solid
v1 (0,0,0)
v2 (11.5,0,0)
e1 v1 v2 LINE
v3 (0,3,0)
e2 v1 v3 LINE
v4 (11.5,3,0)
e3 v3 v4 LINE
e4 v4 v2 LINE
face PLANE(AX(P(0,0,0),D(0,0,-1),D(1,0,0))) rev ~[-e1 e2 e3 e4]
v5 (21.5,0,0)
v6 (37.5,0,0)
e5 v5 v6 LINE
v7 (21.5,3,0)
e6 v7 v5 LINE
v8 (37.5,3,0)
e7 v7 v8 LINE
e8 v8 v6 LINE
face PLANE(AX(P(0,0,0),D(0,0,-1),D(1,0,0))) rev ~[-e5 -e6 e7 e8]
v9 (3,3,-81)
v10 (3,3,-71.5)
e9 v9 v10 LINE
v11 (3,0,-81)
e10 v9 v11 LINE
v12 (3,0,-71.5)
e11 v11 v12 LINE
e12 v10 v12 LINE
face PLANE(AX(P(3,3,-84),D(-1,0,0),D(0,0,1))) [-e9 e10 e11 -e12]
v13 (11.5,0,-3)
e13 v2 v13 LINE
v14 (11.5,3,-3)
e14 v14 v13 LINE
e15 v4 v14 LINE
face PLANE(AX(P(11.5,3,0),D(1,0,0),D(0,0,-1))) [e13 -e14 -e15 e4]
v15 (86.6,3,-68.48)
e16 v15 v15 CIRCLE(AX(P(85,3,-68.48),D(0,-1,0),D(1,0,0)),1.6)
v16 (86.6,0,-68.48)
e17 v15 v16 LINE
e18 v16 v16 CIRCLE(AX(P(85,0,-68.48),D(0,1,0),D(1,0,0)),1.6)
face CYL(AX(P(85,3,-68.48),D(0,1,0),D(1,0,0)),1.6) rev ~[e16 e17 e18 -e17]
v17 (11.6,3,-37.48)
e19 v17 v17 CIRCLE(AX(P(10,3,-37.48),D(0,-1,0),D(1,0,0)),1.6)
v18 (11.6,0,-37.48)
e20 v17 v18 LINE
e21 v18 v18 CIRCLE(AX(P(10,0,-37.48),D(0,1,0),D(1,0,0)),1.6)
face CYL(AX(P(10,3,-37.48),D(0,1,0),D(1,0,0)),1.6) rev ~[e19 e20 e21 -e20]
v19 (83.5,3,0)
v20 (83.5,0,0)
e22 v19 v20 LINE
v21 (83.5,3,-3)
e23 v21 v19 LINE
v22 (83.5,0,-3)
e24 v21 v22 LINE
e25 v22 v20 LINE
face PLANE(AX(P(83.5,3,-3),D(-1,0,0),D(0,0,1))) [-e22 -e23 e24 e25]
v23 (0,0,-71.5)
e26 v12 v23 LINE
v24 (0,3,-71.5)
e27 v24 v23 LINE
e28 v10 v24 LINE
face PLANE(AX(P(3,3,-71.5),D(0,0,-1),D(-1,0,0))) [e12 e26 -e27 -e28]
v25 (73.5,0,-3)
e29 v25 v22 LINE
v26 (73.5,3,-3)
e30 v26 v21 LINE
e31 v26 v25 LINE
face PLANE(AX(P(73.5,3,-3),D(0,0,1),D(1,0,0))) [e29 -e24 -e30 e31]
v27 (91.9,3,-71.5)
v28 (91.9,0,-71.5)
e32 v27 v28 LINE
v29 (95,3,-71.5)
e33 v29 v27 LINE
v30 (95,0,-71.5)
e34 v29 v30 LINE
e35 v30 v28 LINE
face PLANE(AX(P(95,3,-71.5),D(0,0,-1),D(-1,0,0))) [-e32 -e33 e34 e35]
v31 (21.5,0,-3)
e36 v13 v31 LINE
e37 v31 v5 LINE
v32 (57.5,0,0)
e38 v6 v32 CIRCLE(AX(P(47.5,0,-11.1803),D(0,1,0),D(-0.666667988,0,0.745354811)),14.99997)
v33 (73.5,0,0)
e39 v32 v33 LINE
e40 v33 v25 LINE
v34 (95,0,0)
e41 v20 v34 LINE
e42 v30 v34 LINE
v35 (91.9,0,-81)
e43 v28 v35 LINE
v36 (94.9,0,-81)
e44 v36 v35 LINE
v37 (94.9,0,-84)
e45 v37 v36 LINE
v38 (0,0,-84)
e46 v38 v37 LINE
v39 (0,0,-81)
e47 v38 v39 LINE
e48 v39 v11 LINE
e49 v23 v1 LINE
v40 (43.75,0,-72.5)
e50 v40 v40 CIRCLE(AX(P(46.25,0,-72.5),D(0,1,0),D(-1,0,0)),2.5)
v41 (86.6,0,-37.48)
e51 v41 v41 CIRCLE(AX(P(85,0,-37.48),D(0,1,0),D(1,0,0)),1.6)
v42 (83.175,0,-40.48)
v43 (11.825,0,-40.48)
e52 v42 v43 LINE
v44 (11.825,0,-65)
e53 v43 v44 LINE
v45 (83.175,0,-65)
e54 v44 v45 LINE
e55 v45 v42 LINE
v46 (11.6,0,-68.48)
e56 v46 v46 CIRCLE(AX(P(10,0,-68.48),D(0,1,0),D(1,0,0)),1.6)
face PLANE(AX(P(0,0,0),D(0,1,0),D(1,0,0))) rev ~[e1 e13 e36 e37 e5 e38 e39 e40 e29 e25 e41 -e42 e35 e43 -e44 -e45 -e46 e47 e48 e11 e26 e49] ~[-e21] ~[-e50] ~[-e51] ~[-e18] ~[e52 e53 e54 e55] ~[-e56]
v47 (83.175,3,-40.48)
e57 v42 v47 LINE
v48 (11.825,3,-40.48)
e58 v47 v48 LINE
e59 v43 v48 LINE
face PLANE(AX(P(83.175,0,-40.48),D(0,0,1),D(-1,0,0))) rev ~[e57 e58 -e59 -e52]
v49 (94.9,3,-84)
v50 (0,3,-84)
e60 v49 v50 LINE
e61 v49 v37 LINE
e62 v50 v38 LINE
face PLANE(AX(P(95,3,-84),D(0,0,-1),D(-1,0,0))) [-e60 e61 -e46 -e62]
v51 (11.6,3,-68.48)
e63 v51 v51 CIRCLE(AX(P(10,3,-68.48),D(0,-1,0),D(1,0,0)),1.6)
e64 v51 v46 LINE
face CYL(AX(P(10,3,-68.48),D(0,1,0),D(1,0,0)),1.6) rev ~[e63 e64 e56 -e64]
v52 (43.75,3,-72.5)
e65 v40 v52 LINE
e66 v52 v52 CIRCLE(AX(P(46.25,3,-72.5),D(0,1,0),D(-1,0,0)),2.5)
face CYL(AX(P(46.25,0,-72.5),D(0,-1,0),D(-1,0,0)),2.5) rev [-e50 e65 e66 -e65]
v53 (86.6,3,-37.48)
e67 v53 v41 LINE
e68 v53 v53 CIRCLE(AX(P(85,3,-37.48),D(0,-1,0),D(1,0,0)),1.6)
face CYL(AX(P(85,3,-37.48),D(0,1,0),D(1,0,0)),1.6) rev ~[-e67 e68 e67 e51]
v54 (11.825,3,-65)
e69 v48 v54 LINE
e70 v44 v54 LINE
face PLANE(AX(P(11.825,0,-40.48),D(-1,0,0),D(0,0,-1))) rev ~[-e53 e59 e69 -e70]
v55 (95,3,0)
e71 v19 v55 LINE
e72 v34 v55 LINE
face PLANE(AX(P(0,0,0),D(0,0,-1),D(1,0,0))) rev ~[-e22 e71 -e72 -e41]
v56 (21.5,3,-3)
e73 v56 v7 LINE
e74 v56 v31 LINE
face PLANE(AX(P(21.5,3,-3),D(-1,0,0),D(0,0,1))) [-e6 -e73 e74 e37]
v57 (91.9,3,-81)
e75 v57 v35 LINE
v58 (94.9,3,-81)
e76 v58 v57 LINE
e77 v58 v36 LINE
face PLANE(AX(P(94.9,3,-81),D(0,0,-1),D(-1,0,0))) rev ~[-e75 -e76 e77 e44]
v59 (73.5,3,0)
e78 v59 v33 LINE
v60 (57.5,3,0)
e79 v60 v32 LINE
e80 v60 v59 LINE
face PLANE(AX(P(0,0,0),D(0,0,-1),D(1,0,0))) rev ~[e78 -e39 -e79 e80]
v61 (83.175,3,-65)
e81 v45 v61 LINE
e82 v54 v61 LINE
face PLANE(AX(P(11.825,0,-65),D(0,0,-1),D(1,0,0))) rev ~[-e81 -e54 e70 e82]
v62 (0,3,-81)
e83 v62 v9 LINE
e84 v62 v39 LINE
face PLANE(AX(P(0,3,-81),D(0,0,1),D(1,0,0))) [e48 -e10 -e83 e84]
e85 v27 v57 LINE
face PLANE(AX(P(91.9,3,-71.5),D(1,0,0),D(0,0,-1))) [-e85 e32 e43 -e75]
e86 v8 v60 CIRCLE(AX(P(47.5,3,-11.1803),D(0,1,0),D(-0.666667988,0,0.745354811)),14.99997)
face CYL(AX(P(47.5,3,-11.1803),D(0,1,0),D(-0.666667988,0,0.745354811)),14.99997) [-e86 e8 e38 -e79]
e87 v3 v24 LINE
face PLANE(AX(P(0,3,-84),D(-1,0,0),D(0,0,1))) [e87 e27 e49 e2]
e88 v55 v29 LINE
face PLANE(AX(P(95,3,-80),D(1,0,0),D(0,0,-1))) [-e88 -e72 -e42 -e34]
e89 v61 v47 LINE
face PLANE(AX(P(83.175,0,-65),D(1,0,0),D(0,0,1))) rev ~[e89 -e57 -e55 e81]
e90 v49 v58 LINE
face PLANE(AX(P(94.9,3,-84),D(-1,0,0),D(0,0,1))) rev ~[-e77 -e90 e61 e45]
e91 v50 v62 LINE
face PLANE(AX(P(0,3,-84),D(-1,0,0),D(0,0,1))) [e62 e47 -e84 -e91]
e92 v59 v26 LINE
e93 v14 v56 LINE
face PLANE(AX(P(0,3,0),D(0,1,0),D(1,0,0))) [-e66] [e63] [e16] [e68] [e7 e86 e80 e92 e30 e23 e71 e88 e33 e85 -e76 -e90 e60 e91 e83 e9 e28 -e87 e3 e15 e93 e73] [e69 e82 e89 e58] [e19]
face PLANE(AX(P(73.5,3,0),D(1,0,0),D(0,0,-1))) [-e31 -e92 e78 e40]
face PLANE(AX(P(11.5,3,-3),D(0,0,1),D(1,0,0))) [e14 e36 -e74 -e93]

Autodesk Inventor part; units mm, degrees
ref_plane "YZ Plane" through (0, 0, 0) normal (1, 0, 0) x (0, 1, 0)
ref_plane "XZ Plane" through (0, 0, 0) normal (0, 1, 0) x (-1, 0, 0)
ref_plane "XY Plane" through (0, 0, 0) normal (0, 0, 1) x (1, 0, 0)
sketch "Esboço3" plane through (0, 0, 0) normal (0, 1, 0) x (-1, 0, 0)
  line L0 (0, 0) -> (-95, 0)
  line L1 (-95, 0) -> (-95, -80)
  line L2 (-95, -80) -> (0, -80)
  line L3 (0, -80) -> (0, 0)
  line L4 (-11.825, -65) -> (-83.175, -65)
  line L5 (-83.175, -65) -> (-83.175, -40.48)
  line L6 (-83.175, -40.48) -> (-11.825, -40.48)
  line L7 (-11.825, -40.48) -> (-11.825, -65)
  circle A0 centre (-46.25, -72.5) radius 2.5
  point P0 (-47.5, -40.48)
  dimension "d4" = 95
  dimension "d5" = 80
  dimension "d9" = 71.35
  dimension "d10" = 24.52
  dimension "d11" = 11.825
  dimension "d17" = 5
  dimension "d56" = 15
  dimension "d140" = 11.825
  dimension "d251" = 40.48
  dimension "d259" = 7.5
extrude "Extrusão2" add sketch "Esboço3" along normal blind 3
sketch "Esboço7" plane through (0, 3, 0) normal (0, 1, 0) x (1, 0, 0)
  line L0 (10, 68.48) -> (85, 68.48)
  line L1 (85, 68.48) -> (85, 37.48)
  line L2 (85, 37.48) -> (10, 37.48)
  line L3 (10, 37.48) -> (10, 68.48)
  line L4 (11.825, 40.48) -> (11.825, 65) projected
  line L5 (83.175, 65) -> (83.175, 40.48) projected
  line L6 (11.825, 65) -> (83.175, 65) projected
  line L7 (83.175, 40.48) -> (11.825, 40.48) projected
  circle A0 centre (10, 37.48) radius 1.6
  circle A1 centre (10, 68.48) radius 1.6
  circle A2 centre (85, 68.48) radius 1.6
  circle A3 centre (85, 37.48) radius 1.6
  point P0 (0, 0)
  dimension "d57" = 75
  dimension "d58" = 31
  dimension "d59" = 1.825
  dimension "d60" = 73.175
  dimension "d62" = 1.825
  dimension "d65" = 3.2
  dimension "d66" = 3.2
  dimension "d67" = 3.2
  dimension "d68" = 3.2
  dimension "d69" = 3
extrude "Extrusão4" cut sketch "Esboço7" against normal blind 3 contours L3 A1 L0 | L0 A1 L3 | A2 L1 L0 | L0 L1 A2 | A0 L2 L3 | L3 L2 A0 | A3 L2 L1 | L1 L2 A3
sketch "Esboço19" plane through (0, 3, 0) normal (0, 1, 0) x (1, 0, 0)
  line L0 (0, 0) -> (95, 0) projected
  arc A0 (37.5, 0) -> (57.5, 0) centre (47.5, 11.1803) ccw
  dimension "d189" = 20
  dimension "d190" = 15
  dimension "d191" = 37.5
extrude "Extrusão14" add sketch "Esboço19" against normal blind 3
sketch "Esboço23" plane through (0, 3, 0) normal (0, 1, 0) x (1, 0, 0)
  line L0 (0, 80) -> (0, 0) projected
  line L1 (0, 80) -> (95, 80)
  line L2 (95, 80) -> (95, 84)
  line L3 (95, 84) -> (0, 84)
  line L4 (0, 84) -> (0, 80)
  dimension "d208" = 4
extrude "Extrusão17" add sketch "Esboço23" against normal blind 3
sketch "Esboço24" plane through (0, 3, 0) normal (0, 1, 0) x (1, 0, 0)
  line L0 (95, 0) -> (95, 84) projected
  line L1 (95, 71.5) -> (91.9, 71.5)
  line L2 (91.9, 71.5) -> (91.9, 84)
  line L3 (91.9, 84) -> (95, 84)
  line L4 (95, 84) -> (95, 71.5)
  line L5 (95, 84) -> (0, 84) projected
  point P0 (0, 0)
  point P1 (93.45, 84)
  dimension "d211" = 3.1
  dimension "d212" = 12.5
  dimension "d213" = 0
extrude "Extrusão18" cut sketch "Esboço24" against normal blind 3
sketch "Esboço27" plane through (0, 3, 0) normal (0, 1, 0) x (1, 0, 0)
  line L0 (91.9, 84) -> (0, 84) projected
  line L1 (0, 84) -> (3, 84)
  line L2 (3, 84) -> (3, 71.5)
  line L3 (3, 71.5) -> (0, 71.5)
  line L4 (0, 71.5) -> (0, 84)
  point P0 (0, 0)
  dimension "d226" = 3
  dimension "d227" = 12.5
extrude "Extrusão21" cut sketch "Esboço27" against normal blind 3
sketch "Esboço29" plane through (0, 3, 0) normal (0, 1, 0) x (1, 0, 0)
  line L0 (57.5, 0) -> (95, 0) projected
  line L1 (83.5, 0) -> (73.5, 0)
  line L2 (73.5, 0) -> (73.5, 3)
  line L3 (73.5, 3) -> (83.5, 3)
  line L4 (83.5, 3) -> (83.5, 0)
  line L5 (21.5, 0) -> (11.5, 0)
  line L6 (11.5, 0) -> (11.5, 3)
  line L7 (11.5, 3) -> (21.5, 3)
  line L8 (21.5, 3) -> (21.5, 0)
  line L9 (0, 71.5) -> (0, 0) projected
  line L10 (95, 0) -> (95, 71.5) projected
  point P0 (11.5, 1.5)
  point P1 (83.5, 1.5)
  dimension "d241" = 10
  dimension "d242" = 3
  dimension "d243" = 10
  dimension "d244" = 3
  dimension "d245" = 11.5
  dimension "d246" = 11.5
extrude "Extrusão23" cut sketch "Esboço29" against normal blind 3
sketch "Esboço30" plane through (0, 3, 0) normal (0, 1, 0) x (1, 0, 0)
  line L0 (91.9, 71.5) -> (91.9, 84) projected
  line L1 (91.9, 84) -> (94.9, 84)
  line L2 (94.9, 84) -> (94.9, 81)
  line L3 (94.9, 81) -> (91.9, 81)
  line L4 (91.9, 81) -> (91.9, 84)
  line L5 (3, 71.5) -> (3, 84) projected
  line L6 (3, 84) -> (0, 84)
  line L7 (0, 84) -> (0, 81)
  line L8 (0, 81) -> (3, 81)
  line L9 (3, 81) -> (3, 84)
  point P0 (0, 0)
  dimension "d253" = 3
  dimension "d254" = 3
  dimension "d255" = 3
  dimension "d256" = 3
extrude "Extrusão24" add sketch "Esboço30" against normal blind 3
properties part number "Tampa"
